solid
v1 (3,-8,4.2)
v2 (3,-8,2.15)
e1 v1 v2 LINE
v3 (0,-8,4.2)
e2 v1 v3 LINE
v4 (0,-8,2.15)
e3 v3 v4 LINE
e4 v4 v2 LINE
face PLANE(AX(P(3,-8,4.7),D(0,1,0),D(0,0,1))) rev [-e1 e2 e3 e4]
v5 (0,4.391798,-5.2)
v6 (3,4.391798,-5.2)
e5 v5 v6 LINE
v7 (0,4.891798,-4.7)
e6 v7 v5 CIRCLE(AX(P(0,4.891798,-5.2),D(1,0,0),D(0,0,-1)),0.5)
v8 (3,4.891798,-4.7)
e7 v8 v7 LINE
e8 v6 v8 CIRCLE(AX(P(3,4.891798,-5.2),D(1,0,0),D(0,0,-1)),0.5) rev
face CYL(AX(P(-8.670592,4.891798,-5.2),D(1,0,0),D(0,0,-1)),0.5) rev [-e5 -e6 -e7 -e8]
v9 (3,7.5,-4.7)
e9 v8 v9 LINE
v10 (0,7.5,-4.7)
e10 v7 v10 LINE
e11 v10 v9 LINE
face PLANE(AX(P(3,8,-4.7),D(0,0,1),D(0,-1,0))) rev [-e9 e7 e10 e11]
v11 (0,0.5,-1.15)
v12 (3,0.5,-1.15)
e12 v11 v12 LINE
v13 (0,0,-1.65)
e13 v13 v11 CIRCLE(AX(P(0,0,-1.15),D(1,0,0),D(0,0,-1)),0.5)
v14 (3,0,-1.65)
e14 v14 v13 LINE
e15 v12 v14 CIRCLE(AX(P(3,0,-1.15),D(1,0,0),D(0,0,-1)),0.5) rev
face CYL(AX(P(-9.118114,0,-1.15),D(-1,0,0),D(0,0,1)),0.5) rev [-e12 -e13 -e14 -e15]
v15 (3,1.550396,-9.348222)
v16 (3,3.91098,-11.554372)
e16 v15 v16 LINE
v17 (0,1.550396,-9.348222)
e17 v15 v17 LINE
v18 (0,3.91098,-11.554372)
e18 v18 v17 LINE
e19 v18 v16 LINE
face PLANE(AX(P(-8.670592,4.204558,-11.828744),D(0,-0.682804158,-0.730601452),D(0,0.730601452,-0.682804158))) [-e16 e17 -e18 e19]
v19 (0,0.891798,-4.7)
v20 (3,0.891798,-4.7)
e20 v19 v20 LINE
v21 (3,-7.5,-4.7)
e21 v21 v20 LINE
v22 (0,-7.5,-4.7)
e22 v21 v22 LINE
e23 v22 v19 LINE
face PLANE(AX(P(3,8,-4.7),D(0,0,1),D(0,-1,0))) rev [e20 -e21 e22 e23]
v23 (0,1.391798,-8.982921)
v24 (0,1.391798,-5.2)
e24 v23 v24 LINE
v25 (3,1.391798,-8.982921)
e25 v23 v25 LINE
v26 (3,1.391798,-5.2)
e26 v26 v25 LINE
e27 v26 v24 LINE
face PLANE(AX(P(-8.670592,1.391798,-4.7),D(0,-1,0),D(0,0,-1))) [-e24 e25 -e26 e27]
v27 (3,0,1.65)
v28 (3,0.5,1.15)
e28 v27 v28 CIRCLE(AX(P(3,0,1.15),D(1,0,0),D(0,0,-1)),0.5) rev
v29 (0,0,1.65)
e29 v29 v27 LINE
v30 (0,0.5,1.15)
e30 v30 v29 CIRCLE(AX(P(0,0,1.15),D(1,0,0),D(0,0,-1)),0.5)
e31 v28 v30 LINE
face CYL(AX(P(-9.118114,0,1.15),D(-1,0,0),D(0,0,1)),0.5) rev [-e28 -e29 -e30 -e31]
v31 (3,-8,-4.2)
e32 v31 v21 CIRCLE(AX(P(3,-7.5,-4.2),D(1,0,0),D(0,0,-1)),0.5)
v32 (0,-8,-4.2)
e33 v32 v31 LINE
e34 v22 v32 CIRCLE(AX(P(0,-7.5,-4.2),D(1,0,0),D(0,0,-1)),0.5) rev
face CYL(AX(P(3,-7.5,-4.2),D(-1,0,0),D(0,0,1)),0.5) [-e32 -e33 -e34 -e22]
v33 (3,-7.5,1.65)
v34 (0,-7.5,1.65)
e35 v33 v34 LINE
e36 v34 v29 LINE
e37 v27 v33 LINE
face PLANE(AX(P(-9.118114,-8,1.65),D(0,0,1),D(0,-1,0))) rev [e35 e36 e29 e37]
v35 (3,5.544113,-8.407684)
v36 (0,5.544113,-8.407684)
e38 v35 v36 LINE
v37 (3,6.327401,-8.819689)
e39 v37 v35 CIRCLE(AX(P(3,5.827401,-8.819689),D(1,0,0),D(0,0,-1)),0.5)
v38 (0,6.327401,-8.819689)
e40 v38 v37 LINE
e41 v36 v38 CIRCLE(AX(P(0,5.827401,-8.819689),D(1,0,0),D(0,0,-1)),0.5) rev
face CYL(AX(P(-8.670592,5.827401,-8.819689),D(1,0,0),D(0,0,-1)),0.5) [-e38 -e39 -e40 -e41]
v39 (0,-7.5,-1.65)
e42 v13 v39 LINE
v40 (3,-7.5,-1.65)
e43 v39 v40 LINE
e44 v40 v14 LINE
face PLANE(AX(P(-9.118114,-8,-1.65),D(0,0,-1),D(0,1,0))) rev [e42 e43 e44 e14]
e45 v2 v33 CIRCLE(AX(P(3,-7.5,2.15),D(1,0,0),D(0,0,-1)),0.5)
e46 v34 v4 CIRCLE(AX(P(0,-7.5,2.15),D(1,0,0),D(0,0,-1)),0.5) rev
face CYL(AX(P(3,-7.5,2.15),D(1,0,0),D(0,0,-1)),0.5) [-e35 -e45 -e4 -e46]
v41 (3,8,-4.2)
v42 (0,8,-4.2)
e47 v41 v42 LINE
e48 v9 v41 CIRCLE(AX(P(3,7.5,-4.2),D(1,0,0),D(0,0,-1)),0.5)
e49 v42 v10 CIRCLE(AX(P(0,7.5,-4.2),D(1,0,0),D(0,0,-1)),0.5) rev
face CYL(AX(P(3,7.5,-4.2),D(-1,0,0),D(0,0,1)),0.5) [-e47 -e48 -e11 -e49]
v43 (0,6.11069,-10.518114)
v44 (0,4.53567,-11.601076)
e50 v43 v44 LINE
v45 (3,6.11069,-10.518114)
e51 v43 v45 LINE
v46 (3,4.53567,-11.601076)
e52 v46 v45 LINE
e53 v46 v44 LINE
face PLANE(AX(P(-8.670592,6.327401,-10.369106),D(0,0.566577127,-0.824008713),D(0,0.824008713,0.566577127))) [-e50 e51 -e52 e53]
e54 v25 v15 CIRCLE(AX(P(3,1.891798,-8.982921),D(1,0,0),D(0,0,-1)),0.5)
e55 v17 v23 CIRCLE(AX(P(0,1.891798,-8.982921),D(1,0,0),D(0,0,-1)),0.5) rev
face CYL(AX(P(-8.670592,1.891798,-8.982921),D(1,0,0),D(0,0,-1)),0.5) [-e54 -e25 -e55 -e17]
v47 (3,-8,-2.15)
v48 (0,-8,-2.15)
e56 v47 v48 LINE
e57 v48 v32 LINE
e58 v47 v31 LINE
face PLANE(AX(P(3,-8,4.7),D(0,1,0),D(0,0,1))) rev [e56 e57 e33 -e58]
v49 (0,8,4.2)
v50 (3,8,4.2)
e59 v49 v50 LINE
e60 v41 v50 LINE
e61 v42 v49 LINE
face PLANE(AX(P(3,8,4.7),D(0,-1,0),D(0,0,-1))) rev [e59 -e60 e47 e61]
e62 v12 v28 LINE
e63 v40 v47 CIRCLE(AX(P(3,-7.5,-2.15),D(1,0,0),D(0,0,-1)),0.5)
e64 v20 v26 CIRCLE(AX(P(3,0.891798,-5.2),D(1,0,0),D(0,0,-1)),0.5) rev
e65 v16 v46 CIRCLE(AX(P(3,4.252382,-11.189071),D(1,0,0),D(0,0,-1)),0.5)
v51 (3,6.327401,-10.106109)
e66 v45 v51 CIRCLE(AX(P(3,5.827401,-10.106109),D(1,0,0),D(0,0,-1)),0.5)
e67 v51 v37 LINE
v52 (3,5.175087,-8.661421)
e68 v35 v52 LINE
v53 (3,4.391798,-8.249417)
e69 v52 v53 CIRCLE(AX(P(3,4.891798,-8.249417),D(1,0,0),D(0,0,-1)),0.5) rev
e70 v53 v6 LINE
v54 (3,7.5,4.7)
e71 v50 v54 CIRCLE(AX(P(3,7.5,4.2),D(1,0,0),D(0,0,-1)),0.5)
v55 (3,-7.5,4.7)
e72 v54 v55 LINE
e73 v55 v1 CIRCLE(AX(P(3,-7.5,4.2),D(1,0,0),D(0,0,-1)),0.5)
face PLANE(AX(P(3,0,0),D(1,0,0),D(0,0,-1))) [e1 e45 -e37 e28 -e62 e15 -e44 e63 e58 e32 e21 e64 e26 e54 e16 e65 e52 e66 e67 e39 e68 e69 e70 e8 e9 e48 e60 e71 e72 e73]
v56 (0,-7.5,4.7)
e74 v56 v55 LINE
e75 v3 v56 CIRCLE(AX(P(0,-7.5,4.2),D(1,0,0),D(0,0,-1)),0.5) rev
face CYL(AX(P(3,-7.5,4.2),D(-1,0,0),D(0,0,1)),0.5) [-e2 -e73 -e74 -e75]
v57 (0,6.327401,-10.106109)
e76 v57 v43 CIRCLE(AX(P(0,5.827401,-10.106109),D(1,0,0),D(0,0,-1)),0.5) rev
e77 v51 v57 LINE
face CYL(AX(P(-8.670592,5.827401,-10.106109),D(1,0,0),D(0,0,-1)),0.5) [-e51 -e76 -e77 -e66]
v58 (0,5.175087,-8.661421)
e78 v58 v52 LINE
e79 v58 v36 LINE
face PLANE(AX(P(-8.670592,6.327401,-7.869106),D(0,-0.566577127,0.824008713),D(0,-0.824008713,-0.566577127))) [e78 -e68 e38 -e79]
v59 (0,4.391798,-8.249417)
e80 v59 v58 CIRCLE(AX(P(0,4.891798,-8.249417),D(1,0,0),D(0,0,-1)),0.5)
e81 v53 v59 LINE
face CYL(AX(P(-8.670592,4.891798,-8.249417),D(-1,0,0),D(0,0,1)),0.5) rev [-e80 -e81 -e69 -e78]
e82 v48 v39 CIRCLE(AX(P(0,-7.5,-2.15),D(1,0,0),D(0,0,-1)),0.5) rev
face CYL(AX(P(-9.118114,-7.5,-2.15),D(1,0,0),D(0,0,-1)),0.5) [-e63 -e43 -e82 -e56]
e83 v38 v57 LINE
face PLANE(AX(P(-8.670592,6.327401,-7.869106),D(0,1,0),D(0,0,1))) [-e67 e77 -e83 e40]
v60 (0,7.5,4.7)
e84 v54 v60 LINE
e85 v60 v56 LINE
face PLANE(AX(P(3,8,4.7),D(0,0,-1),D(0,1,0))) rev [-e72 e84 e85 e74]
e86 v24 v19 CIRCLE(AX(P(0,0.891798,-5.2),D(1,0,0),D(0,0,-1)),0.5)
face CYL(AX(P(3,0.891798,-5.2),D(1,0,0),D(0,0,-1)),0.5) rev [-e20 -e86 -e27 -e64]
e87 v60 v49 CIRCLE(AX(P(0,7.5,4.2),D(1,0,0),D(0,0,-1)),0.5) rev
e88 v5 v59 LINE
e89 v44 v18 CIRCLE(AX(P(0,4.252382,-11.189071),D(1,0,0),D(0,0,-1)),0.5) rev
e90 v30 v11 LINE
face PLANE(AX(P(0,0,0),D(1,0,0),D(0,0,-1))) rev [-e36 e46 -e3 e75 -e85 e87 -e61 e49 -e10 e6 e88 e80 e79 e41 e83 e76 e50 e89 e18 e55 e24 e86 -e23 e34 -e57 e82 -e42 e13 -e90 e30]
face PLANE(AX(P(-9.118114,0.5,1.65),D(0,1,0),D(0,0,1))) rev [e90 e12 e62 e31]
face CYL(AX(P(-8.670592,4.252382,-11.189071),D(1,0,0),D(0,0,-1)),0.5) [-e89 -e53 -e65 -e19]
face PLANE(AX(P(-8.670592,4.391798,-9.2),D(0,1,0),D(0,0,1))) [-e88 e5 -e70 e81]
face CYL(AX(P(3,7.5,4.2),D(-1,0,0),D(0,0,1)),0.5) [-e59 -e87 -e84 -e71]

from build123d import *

# Parameters (mm, degrees)
CROQUIS1_W              = 9.4
CROQUIS1_H              = 16
SALIENTE_EXTRUIR1_DEPTH = 3
CROQUIS2_W              = 3.3
CROQUIS2_H              = 8.5
CORTAR_EXTRUIR1_DEPTH   = 3
SALIENTE_EXTRUIR2_DEPTH = 3
REDONDEO1_R             = 0.5


with BuildPart() as part:
    # Croquis1 → Saliente-Extruir1 (new body)
    with BuildSketch(Plane(origin=(0, 0, 0), x_dir=(0, 0, -1), z_dir=(1, 0, 0))):
        Rectangle(CROQUIS1_W, CROQUIS1_H)
    extrude(amount=SALIENTE_EXTRUIR1_DEPTH)

    # Croquis2 → Cortar-Extruir1 (cut)
    with BuildSketch(Plane(origin=(3, 0, 0), x_dir=(0, 0, -1), z_dir=(1, 0, 0))):
        with Locations((0, -3.75)):
            Rectangle(CROQUIS2_W, CROQUIS2_H)
    extrude(amount=-CORTAR_EXTRUIR1_DEPTH, mode=Mode.SUBTRACT)

    # Croquis4 → Saliente-Extruir2 (add)
    with BuildSketch(Plane(origin=(3, 0, 0), x_dir=(0, 0, -1), z_dir=(1, 0, 0))):
        Polygon((4.7, 4.391798286), (4.7, 1.391798286), (9.2, 1.391798286), (11.82874383, 4.204558046), (10.369105711, 6.327401467), (7.869105711, 6.327401467), (9.2, 4.391798286), align=None)
    extrude(amount=-SALIENTE_EXTRUIR2_DEPTH)

    # Redondeo1
    redondeo1_edges = [part.edges().sort_by_distance(p)[0] for p in [
        (1.5, -8, 1.65),
        (1.5, 0.5, 1.65),
        (1.5, 0.5, -1.65),
        (1.5, -8, -1.65),
        (1.5, 4.391798286, -4.7),
        (1.5, 4.391798286, -9.2),
        (1.5, 6.327401467, -7.869105711),
        (1.5, 6.327401467, -10.369105711),
        (1.5, 4.204558046, -11.82874383),
        (1.5, 1.391798286, -9.2),
        (1.5, 1.391798286, -4.7),
        (1.5, 8, 4.7),
        (1.5, 8, -4.7),
        (1.5, -8, -4.7),
        (1.5, -8, 4.7),
    ]]
    fillet(redondeo1_edges, radius=REDONDEO1_R)


solid = part.part
